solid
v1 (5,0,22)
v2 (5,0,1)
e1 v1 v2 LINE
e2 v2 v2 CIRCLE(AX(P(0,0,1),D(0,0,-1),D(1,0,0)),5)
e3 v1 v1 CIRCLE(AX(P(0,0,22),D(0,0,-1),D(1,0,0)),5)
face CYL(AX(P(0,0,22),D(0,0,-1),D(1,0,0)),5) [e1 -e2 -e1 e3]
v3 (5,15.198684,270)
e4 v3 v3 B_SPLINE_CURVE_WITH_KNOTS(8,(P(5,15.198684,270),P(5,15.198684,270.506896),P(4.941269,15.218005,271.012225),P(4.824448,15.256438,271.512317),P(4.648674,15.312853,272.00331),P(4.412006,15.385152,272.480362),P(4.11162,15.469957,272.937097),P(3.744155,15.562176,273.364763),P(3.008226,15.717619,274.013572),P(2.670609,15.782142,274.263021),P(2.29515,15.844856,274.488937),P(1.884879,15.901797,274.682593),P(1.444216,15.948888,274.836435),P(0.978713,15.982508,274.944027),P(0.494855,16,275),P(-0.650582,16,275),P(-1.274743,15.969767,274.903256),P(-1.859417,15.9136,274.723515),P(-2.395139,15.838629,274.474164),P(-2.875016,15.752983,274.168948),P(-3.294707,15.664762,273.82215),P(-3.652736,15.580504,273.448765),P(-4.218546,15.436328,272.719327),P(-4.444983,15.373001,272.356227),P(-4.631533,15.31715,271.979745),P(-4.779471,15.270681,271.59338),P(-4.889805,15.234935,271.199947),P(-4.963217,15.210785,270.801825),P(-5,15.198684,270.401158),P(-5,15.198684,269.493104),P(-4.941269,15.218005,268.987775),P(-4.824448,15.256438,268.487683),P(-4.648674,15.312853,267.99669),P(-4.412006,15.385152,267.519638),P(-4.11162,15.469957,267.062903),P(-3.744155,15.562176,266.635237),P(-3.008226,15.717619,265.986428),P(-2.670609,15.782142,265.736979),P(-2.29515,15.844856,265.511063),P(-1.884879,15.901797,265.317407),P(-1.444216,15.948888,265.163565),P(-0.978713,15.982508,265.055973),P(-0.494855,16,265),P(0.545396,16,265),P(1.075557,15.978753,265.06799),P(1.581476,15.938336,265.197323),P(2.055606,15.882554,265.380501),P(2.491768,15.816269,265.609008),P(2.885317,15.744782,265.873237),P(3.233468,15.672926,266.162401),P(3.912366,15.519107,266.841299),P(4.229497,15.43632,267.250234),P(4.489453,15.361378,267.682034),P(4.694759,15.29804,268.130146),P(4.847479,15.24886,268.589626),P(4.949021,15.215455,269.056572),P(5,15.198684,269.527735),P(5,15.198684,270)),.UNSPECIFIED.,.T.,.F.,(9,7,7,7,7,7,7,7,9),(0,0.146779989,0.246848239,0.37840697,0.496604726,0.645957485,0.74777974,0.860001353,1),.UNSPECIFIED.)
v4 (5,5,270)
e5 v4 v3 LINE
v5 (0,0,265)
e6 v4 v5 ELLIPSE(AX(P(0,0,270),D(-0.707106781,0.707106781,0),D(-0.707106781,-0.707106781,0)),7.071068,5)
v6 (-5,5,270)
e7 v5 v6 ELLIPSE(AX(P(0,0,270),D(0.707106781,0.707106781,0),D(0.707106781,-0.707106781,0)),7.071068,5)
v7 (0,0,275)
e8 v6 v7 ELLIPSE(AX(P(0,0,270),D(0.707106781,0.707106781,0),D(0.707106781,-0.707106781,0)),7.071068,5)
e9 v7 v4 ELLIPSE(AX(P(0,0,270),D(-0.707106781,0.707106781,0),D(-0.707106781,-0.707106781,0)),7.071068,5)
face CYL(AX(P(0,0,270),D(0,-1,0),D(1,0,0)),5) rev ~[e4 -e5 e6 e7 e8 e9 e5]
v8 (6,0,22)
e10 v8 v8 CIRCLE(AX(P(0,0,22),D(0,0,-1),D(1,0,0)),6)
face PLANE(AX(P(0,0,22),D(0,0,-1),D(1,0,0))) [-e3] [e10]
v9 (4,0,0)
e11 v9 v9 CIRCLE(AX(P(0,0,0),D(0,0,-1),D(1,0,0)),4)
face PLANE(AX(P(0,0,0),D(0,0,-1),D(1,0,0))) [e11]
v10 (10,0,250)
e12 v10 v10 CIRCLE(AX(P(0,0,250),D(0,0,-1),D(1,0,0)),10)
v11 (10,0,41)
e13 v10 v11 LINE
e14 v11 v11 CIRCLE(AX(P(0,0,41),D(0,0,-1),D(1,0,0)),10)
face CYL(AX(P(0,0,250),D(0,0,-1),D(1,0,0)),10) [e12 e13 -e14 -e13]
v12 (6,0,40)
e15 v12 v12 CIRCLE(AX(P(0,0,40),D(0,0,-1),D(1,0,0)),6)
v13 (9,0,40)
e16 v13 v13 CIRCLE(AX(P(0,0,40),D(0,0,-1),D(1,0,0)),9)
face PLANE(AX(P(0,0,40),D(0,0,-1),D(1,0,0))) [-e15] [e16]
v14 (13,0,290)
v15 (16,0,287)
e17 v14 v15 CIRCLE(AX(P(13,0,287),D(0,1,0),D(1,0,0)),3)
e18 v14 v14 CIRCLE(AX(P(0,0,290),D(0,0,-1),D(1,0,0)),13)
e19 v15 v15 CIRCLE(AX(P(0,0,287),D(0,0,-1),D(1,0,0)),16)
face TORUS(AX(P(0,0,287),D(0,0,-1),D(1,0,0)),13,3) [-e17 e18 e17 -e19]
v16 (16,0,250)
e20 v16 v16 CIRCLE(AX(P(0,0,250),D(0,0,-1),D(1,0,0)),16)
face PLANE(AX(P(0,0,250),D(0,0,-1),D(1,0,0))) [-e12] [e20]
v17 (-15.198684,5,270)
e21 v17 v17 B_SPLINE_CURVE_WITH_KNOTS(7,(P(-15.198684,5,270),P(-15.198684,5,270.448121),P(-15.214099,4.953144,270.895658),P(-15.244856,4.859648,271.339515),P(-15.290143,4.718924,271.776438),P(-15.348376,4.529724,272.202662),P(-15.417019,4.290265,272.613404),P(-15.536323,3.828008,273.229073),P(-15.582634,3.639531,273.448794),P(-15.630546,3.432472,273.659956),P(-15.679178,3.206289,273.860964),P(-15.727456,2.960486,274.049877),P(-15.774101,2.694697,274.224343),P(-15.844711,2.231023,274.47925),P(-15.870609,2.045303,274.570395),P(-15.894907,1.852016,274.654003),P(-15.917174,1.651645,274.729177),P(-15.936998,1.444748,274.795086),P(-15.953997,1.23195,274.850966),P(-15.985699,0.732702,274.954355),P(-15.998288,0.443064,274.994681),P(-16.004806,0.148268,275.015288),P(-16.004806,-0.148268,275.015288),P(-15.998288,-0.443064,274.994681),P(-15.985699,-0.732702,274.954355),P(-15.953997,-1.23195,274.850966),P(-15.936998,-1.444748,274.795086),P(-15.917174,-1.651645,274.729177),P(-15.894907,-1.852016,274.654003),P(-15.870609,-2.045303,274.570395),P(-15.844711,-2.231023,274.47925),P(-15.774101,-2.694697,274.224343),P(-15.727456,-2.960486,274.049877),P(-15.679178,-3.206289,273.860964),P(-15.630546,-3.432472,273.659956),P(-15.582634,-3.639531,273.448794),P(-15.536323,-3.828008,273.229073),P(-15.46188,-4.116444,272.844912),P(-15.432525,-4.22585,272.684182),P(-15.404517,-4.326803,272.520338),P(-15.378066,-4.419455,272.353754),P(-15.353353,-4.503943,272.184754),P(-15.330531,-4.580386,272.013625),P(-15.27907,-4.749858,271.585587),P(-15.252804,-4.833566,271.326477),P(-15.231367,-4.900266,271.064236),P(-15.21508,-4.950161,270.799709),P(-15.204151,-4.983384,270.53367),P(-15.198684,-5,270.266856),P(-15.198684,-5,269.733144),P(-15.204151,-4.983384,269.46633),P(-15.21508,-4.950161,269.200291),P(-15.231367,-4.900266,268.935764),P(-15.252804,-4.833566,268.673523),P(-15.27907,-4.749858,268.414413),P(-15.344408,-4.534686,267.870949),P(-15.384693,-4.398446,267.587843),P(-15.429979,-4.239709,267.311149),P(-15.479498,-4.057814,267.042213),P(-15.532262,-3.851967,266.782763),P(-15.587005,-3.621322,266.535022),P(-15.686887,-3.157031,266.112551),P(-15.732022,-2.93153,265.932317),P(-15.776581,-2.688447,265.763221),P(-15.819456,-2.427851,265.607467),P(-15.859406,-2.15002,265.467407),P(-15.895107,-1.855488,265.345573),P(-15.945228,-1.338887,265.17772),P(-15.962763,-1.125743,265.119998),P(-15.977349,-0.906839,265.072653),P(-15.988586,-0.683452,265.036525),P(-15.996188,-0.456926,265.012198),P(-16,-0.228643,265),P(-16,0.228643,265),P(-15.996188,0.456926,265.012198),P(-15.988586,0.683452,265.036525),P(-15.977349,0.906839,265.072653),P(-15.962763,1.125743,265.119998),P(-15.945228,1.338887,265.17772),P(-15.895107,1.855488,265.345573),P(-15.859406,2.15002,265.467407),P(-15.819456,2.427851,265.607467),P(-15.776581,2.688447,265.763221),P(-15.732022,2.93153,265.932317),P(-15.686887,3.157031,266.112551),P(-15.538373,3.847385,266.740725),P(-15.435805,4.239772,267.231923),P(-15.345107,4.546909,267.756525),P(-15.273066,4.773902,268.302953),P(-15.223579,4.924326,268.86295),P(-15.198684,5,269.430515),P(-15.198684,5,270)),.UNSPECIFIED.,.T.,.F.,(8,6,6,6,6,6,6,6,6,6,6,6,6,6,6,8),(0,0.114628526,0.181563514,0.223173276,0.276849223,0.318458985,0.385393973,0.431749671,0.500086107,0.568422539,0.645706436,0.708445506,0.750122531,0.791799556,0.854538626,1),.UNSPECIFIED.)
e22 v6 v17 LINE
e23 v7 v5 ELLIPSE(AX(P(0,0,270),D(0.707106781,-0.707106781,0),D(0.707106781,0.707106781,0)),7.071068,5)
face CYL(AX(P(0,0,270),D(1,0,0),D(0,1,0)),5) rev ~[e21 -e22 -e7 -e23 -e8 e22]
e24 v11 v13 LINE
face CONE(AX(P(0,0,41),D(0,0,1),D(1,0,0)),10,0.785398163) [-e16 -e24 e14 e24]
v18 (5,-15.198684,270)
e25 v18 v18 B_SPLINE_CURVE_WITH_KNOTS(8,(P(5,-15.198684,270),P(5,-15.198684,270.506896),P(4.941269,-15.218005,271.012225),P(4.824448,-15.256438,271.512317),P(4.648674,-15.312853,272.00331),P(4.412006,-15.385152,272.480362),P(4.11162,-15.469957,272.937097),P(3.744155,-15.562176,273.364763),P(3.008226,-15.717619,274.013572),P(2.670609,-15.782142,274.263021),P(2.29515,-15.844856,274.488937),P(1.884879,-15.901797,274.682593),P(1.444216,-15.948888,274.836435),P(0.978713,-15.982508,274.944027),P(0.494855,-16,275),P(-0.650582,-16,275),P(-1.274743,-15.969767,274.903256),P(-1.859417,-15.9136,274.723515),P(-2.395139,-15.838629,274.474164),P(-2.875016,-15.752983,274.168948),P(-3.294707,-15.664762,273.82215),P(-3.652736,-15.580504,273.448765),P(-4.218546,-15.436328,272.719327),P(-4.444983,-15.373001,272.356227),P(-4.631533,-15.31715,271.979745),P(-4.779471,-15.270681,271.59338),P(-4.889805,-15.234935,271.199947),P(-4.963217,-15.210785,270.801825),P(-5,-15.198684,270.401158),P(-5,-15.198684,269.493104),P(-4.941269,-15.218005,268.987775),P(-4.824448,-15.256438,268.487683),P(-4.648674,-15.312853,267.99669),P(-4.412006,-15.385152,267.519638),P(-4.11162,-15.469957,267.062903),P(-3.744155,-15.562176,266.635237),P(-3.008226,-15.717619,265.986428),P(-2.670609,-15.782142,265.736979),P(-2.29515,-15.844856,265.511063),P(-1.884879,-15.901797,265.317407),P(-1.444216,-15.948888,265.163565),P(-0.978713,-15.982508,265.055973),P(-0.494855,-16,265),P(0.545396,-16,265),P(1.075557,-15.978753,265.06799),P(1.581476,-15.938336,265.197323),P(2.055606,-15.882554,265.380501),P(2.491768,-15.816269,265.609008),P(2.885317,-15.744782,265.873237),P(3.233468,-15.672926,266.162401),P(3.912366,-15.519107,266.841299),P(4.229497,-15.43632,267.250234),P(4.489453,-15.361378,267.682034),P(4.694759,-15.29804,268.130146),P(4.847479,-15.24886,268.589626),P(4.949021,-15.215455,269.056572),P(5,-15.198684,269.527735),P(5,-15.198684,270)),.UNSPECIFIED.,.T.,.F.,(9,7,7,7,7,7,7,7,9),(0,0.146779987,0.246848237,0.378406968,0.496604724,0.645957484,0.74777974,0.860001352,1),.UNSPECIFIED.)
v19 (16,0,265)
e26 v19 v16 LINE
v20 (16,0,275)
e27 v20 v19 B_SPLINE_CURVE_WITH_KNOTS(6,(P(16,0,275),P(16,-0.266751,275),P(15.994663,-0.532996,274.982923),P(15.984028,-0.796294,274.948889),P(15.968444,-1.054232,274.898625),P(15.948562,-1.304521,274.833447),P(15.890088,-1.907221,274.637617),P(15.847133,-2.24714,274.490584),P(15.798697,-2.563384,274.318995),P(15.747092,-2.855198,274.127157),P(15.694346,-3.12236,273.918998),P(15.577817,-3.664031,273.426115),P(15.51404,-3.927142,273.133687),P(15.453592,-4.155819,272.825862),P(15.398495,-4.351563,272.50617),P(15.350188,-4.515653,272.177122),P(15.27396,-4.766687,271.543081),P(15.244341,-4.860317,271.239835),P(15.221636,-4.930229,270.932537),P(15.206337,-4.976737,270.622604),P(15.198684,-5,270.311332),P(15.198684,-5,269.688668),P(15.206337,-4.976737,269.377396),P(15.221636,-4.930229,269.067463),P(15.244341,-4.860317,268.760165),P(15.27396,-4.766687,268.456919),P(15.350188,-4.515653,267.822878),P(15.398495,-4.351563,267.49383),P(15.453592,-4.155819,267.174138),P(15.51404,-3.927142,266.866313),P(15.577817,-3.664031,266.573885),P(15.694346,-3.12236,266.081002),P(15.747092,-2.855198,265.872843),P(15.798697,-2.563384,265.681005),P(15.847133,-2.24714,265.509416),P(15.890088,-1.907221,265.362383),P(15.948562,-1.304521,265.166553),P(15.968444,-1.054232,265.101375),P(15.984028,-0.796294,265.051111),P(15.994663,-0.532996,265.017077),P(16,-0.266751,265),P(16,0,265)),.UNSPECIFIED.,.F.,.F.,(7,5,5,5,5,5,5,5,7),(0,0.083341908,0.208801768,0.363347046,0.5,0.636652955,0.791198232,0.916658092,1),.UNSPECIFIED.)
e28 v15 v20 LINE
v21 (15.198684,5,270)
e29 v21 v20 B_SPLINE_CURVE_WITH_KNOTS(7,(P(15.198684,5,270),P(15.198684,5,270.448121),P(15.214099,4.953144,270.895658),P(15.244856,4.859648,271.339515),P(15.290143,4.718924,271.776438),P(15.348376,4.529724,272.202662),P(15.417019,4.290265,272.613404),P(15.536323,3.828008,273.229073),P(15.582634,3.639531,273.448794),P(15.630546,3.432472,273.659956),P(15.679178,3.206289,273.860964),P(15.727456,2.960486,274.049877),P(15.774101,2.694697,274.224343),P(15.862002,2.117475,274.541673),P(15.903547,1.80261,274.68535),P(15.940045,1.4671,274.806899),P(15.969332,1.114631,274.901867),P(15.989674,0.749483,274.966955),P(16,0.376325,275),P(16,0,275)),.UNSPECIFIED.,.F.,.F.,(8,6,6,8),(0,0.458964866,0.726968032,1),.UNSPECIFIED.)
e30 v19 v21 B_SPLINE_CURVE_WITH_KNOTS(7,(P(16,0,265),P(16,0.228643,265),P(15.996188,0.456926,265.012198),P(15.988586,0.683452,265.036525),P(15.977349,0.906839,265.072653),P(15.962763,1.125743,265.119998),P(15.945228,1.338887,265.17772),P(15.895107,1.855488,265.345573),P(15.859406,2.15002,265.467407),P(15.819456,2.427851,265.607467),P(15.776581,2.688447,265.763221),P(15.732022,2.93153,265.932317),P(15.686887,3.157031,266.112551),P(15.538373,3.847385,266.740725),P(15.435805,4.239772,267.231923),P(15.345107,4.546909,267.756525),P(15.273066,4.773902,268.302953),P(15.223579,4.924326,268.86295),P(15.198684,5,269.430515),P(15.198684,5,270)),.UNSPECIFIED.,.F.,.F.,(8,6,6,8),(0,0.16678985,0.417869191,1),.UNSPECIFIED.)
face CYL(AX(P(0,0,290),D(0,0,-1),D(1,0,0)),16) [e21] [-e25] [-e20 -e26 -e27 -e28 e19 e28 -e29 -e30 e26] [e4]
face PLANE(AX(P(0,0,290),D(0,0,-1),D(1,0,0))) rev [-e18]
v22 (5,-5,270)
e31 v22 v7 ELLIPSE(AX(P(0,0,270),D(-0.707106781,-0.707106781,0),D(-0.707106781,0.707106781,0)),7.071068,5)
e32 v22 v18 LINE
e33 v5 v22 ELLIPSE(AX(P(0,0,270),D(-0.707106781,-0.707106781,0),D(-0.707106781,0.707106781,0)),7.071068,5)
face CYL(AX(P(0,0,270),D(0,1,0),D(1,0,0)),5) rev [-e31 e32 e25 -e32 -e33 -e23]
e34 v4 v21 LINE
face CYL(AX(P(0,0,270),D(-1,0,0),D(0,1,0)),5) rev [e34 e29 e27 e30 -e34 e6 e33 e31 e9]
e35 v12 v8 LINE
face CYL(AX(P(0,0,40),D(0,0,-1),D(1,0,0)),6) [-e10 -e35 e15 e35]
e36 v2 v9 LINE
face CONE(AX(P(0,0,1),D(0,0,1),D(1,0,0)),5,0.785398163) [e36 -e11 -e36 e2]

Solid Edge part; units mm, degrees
sketch "Sketch1" plane through (0, 0, 0) normal (0, -1, 0) x (1, 0, 0)
  line L0 (0, 0) -> (0, 290)
  line L1 (0, 290) -> (16, 290)
  line L2 (16, 290) -> (16, 250)
  line L3 (16, 250) -> (10, 250)
  line L4 (10, 250) -> (10, 40)
  line L5 (10, 40) -> (6, 40)
  line L6 (6, 40) -> (6, 22)
  line L7 (6, 22) -> (5, 22)
  line L8 (5, 22) -> (5, 0)
  line L9 (5, 0) -> (0, 0)
  dimension "D1" = 210
  dimension "D2" = 40
  dimension "D3" = 290
  dimension "D4" = 22
  dimension "D5" = 18
revolve "RevolvedProtrusion1" add sketch "Sketch1" angle 360 about axis through (0, 0, 54) along (0, 0, -1)
sketch "Sketch2" plane through (0, 0, 0) normal (1, 0, 0) x (0, 1, 0)
  circle A0 centre (0, 270) radius 5
extrude "Cutout1" cut sketch "Sketch2" along normal mid plane 303.6008
sketch "Sketch3" plane through (0, 0, 0) normal (0, -1, 0) x (1, 0, 0)
  circle A0 centre (0, 270) radius 5
extrude "ExtrudedCutout_2" cut sketch "Sketch3" along normal mid plane 286.0793
fillet "Round_1" radius 3 1 edges at (-16, 0, 290)
cosmetic_thread "Thread_1" size "Tr 20 x 4" thread depth 170
cosmetic_thread "Thread1" size "Tr 10 x 2"
chamfer "Chamfer_1" distance 1 angle 45 1 edges at (-10, 0, 40)
chamfer "Chamfer_2" distance 1 angle 45 1 edges at (-5, 0, 0)
properties material "Fe 410 W"
